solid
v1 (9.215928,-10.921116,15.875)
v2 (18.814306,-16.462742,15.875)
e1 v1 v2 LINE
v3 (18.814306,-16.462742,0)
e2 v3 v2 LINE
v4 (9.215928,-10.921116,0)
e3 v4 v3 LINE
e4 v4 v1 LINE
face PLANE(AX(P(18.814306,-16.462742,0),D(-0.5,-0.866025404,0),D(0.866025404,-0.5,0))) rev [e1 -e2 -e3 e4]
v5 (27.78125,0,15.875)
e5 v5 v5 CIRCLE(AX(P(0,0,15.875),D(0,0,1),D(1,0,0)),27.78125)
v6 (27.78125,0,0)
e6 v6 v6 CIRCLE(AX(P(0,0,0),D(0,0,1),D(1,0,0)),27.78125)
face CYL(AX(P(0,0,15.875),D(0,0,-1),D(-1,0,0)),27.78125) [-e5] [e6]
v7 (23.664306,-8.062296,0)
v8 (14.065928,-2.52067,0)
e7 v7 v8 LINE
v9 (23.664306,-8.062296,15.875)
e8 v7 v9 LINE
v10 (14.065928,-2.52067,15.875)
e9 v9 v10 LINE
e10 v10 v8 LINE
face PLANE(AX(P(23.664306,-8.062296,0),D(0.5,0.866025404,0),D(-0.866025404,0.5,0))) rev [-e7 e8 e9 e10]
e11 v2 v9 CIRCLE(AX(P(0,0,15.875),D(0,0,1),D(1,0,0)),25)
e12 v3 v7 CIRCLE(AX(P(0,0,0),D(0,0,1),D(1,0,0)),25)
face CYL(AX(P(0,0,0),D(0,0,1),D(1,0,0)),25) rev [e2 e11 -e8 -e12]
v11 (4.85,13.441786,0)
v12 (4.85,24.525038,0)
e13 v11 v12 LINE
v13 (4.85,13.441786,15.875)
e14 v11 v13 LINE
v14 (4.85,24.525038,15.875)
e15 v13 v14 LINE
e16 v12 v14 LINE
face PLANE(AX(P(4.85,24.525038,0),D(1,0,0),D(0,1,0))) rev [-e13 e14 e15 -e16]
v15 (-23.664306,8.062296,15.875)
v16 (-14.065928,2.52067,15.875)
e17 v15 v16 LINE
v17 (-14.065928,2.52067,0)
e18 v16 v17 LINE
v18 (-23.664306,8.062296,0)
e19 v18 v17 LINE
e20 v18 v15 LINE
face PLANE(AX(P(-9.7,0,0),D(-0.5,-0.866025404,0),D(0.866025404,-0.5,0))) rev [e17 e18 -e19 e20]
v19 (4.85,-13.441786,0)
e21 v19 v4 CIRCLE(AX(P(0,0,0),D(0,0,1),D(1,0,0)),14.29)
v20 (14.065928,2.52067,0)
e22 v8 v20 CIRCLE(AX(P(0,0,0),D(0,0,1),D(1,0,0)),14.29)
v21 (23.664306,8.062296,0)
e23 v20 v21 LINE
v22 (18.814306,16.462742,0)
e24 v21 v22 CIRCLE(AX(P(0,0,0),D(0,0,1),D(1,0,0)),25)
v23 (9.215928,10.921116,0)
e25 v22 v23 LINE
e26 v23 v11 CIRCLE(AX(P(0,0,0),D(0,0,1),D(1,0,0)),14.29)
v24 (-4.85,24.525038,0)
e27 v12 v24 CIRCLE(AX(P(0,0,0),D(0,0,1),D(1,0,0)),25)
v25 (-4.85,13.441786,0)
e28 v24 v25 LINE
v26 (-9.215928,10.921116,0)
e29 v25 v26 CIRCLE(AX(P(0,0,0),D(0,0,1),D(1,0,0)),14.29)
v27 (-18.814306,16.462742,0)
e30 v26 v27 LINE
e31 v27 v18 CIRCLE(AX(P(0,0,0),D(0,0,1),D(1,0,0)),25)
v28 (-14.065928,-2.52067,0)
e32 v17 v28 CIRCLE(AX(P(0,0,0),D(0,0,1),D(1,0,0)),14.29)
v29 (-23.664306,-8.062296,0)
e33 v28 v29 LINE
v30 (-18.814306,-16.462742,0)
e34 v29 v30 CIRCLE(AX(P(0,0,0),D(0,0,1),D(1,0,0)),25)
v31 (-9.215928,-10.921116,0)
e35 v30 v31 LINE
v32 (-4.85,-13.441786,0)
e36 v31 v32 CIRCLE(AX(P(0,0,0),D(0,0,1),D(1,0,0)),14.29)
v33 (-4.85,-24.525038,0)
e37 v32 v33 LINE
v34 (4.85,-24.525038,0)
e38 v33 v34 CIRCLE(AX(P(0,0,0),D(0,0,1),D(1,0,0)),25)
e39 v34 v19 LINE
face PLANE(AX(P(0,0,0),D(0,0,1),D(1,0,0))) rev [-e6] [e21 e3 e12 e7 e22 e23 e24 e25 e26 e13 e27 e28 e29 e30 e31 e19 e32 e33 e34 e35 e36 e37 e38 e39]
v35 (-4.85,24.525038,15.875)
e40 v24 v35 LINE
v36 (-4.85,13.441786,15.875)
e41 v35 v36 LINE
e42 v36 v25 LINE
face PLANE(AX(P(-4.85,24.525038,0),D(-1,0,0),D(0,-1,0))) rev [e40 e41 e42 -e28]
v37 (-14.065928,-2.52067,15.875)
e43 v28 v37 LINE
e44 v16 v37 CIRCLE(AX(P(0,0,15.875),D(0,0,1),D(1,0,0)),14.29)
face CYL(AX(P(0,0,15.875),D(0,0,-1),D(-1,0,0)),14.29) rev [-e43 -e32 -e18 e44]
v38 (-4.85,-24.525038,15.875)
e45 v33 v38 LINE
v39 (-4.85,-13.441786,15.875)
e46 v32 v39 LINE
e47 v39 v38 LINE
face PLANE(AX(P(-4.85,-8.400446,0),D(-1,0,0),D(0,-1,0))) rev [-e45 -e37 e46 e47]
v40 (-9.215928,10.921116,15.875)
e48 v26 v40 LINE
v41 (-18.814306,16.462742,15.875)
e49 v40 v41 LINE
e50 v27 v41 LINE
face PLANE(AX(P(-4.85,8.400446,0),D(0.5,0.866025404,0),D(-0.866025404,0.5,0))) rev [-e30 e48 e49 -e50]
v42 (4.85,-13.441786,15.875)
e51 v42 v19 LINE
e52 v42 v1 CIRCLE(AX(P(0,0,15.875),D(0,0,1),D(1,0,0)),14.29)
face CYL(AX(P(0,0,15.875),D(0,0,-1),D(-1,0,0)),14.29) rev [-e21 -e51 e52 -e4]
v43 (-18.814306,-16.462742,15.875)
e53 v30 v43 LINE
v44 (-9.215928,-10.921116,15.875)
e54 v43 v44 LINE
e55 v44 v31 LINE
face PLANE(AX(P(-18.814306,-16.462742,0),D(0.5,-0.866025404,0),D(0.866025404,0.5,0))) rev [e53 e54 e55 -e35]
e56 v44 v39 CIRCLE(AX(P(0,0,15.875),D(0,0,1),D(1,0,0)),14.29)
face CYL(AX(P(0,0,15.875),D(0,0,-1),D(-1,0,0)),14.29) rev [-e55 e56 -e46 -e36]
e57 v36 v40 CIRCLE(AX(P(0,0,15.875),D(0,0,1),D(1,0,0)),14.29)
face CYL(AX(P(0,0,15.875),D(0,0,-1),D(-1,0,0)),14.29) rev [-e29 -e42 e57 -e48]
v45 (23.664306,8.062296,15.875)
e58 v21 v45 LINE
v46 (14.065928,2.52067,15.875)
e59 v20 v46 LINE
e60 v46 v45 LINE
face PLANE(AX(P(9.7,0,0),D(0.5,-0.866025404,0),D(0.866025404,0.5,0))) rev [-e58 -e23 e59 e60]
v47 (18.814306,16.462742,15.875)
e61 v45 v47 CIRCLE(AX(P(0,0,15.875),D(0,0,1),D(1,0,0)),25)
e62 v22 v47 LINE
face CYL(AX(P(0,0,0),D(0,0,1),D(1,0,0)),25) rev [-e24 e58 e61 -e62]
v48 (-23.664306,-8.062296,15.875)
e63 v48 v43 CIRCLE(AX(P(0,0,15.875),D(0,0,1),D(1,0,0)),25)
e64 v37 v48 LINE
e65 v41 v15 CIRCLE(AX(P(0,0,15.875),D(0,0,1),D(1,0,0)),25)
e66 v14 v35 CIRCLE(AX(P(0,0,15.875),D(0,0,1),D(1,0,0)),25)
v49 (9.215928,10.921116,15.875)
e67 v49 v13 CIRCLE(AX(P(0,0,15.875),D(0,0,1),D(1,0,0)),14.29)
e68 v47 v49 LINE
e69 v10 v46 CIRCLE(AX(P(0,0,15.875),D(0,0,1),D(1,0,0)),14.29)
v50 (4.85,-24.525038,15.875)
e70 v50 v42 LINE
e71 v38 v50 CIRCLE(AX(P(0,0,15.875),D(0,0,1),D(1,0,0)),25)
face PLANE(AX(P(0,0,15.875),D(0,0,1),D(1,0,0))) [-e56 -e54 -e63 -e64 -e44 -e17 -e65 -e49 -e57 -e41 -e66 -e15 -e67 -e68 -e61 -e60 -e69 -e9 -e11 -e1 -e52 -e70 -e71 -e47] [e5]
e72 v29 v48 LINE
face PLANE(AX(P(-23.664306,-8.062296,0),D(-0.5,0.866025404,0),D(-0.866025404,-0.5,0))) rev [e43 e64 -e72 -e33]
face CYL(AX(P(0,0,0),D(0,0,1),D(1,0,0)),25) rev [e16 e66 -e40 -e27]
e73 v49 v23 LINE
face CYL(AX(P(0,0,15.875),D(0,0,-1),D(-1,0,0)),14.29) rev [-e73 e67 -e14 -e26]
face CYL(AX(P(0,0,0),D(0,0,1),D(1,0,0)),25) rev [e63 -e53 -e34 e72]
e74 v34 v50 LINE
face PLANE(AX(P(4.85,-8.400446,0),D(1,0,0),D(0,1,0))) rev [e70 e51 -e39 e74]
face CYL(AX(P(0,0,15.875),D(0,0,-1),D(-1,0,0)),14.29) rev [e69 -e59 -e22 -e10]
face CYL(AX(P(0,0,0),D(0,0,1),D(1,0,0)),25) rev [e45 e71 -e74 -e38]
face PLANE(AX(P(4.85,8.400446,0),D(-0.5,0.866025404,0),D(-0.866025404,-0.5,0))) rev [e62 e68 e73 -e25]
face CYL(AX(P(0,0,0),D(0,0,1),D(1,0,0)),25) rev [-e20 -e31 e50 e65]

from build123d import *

# Parameters (mm, degrees)
SKETCH1_R           = 27.78125
SKETCH1_R_2         = 14.29
BOSS_EXTRUDE1_DEPTH = 15.875
CUT_EXTRUDE1_DEPTH  = 16.875


with BuildPart() as part:
    # Sketch1 → Boss-Extrude1 (new body)
    with BuildSketch(Plane.XY):
        Circle(SKETCH1_R)
        Circle(SKETCH1_R_2, mode=Mode.SUBTRACT)
    extrude(amount=BOSS_EXTRUDE1_DEPTH)

    # Sketch3 → Cut-Extrude1 (cut, through all)
    with BuildSketch(Plane.XY.offset(15.875)):
        with BuildLine():
            Line((18.814306165, -16.462742285), (4.849999952, -8.400446334))
            Line((4.849999952, -8.400446334), (4.849999952, -24.525038236))
            ThreePointArc((4.849999952, -24.525038236), (-4.9e-08, -25), (-4.850000048, -24.525038217))
            Line((-4.850000048, -24.525038217), (-4.850000048, -8.4004465))
            Line((-4.850000048, -8.4004465), (-18.814306101, -16.462742358))
            ThreePointArc((-18.814306101, -16.462742358), (-21.65063507, -12.500000042), (-23.664306117, -8.062295951))
            Line((-23.664306117, -8.062295951), (-9.699999904, 0))
            Line((-9.699999904, 0), (-23.664306117, 8.062295951))
            ThreePointArc((-23.664306117, 8.062295951), (-21.65063507, 12.500000042), (-18.814306101, 16.462742358))
            Line((-18.814306101, 16.462742358), (-4.850000048, 8.4004465))
            Line((-4.850000048, 8.4004465), (-4.850000048, 24.525038217))
            ThreePointArc((-4.850000048, 24.525038217), (-4.9e-08, 25), (4.849999952, 24.525038236))
            Line((4.849999952, 24.525038236), (4.849999952, 8.400446334))
            Line((4.849999952, 8.400446334), (18.814306165, 16.462742285))
            ThreePointArc((18.814306165, 16.462742285), (21.650635119, 12.499999958), (23.664306149, 8.062295858))
            Line((23.664306149, 8.062295858), (9.700000096, 0))
            Line((9.700000096, 0), (23.664306149, -8.062295858))
            ThreePointArc((23.664306149, -8.062295858), (21.650635119, -12.499999958), (18.814306165, -16.462742285))
        make_face()
    extrude(amount=-CUT_EXTRUDE1_DEPTH, mode=Mode.SUBTRACT)


solid = part.part
